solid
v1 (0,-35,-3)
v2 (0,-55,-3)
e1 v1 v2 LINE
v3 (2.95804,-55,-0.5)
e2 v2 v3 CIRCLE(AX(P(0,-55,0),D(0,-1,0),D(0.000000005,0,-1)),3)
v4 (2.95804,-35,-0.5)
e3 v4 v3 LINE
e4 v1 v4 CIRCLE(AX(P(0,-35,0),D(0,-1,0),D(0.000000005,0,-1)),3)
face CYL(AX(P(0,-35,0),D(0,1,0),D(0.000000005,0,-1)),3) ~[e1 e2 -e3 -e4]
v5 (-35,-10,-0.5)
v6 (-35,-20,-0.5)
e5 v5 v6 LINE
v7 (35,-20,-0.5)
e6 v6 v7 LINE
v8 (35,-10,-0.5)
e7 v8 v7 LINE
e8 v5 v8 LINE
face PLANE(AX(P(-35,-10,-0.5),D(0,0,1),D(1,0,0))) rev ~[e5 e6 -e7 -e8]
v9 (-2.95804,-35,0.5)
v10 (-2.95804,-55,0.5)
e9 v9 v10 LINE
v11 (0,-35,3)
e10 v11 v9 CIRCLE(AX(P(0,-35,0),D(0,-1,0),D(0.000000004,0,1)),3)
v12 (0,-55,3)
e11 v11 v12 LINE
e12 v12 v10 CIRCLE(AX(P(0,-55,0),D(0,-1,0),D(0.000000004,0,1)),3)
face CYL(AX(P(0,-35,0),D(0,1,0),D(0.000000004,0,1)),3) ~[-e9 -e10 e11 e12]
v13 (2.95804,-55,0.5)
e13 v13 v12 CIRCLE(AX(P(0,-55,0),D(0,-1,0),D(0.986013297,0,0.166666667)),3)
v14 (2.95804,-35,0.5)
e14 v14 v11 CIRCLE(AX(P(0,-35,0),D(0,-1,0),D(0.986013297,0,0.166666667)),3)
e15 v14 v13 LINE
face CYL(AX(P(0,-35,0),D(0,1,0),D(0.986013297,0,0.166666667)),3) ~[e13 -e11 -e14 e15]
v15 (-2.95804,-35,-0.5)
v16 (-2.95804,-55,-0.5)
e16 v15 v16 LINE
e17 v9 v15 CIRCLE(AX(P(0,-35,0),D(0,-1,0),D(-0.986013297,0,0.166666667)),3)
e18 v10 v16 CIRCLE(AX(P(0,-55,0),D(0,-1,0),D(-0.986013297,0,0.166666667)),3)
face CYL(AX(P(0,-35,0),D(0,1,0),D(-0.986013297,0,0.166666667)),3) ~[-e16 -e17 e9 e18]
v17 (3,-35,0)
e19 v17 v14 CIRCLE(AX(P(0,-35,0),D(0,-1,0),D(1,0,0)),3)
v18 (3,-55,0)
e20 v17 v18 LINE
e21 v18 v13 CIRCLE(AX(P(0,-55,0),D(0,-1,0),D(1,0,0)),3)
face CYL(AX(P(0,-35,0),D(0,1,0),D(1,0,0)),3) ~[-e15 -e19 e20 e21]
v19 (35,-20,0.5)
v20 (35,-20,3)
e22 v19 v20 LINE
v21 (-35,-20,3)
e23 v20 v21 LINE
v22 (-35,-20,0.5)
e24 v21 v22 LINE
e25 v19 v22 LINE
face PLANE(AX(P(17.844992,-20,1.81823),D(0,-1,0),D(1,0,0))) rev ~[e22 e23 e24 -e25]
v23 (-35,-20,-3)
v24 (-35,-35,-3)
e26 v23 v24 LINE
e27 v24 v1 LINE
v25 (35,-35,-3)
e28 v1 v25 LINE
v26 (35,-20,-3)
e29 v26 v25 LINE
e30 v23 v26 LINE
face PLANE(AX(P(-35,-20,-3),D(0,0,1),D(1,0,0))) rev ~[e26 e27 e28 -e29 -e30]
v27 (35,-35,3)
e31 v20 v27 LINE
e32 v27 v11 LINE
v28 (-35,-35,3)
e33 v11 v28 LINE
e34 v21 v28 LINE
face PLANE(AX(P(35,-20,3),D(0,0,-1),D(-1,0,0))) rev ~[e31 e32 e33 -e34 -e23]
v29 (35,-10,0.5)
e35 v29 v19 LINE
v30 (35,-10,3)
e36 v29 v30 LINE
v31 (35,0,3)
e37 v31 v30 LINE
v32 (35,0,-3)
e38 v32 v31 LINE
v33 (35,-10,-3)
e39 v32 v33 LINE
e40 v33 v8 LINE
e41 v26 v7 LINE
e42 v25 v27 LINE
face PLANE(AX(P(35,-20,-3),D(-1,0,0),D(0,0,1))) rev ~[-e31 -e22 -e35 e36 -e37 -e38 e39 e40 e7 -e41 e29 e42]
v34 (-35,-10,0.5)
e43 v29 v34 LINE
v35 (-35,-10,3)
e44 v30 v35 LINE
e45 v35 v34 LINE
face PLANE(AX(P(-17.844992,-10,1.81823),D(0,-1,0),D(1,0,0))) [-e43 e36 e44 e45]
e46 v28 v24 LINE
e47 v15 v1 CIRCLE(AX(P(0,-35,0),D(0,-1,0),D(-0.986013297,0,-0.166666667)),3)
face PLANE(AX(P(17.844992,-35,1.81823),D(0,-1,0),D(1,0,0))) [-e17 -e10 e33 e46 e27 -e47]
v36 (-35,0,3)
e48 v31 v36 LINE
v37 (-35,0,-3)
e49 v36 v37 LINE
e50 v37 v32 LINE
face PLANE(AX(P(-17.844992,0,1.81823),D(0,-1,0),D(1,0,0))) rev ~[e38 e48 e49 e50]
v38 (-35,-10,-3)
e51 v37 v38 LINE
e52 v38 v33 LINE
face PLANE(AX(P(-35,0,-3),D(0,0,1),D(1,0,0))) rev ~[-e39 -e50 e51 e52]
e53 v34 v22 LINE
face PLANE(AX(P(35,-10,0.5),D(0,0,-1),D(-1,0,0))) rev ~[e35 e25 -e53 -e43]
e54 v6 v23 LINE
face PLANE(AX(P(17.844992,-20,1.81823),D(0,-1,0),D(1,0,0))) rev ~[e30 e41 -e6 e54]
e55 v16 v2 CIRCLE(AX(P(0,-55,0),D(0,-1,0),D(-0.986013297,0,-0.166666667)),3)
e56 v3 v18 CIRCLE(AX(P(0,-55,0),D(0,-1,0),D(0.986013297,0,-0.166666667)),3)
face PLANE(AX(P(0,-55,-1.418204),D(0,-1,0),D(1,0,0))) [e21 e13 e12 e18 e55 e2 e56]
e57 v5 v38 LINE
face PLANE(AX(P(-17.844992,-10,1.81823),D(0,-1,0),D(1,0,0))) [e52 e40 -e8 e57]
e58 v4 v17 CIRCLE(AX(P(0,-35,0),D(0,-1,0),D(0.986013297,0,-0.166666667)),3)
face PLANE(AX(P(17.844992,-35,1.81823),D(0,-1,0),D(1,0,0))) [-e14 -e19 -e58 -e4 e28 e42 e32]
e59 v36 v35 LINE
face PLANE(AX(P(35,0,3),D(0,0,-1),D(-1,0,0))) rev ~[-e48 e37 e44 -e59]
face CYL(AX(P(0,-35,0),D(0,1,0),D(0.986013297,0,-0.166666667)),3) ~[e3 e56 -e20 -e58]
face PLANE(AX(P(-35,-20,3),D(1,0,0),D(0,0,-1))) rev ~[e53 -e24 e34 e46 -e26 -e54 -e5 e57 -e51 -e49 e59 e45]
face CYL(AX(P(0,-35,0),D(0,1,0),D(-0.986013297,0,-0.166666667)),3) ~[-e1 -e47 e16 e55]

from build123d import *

# Parameters (mm, degrees)
F1_DEPTH = 10
F2_START = 10
F2_DEPTH = 10
F3_START = 20
F3_DEPTH = 15
F4_START = 35
F4_DEPTH = 20


with BuildPart() as f1:
    # F0 (on Front) → F1 (new body)
    with BuildSketch(Plane.XZ):
        with BuildLine():
            Line((1.12e-08, 3), (-35, 3))
            Line((-35, 3), (-35, 0.5))
            Line((-35, 0.5), (-2.9580398915, 0.5))
            ThreePointArc((-2.9580398915, 0.5), (-1.9364916688, 2.2912878511), (1.12e-08, 3))
        make_face()
        with BuildLine():
            Line((-2.9580398915, 0.5), (-35, 0.5))
            Line((-35, 0.5), (-35, -0.5))
            Line((-35, -0.5), (-2.9580398915, -0.5))
            ThreePointArc((-2.9580398915, -0.5), (-3, 0), (-2.9580398915, 0.5))
        make_face()
        with BuildLine():
            Line((-2.9580398915, -0.5), (-35, -0.5))
            Line((-35, -0.5), (-35, -3))
            Line((-35, -3), (1.44e-08, -3))
            ThreePointArc((1.44e-08, -3), (-1.9364916676, -2.2912878521), (-2.9580398915, -0.5))
        make_face()
        with BuildLine():
            Line((2.9580398915, -0.5), (-2.9580398915, -0.5))
            ThreePointArc((-2.9580398915, -0.5), (-1.9364916676, -2.2912878521), (1.44e-08, -3))
            ThreePointArc((1.44e-08, -3), (1.9364916786, -2.2912878428), (2.9580398915, -0.5))
        make_face()
        with BuildLine():
            ThreePointArc((2.9580398915, 0.5), (1.9364916774, 2.2912878439), (1.12e-08, 3))
            ThreePointArc((1.12e-08, 3), (-1.9364916688, 2.2912878511), (-2.9580398915, 0.5))
            Line((-2.9580398915, 0.5), (2.9580398915, 0.5))
        make_face()
        with BuildLine():
            Line((35, 3), (1.12e-08, 3))
            ThreePointArc((1.12e-08, 3), (1.9364916774, 2.2912878439), (2.9580398915, 0.5))
            Line((2.9580398915, 0.5), (35, 0.5))
            Line((35, 0.5), (35, 3))
        make_face()
        with BuildLine():
            Line((35, 0.5), (2.9580398915, 0.5))
            ThreePointArc((2.9580398915, 0.5), (2.9894915684, 0.2508787808), (3, 0))
            ThreePointArc((3, 0), (2.9894915684, -0.2508787808), (2.9580398915, -0.5))
            Line((2.9580398915, -0.5), (35, -0.5))
            Line((35, -0.5), (35, 0.5))
        make_face()
        with BuildLine():
            Line((35, -3), (35, -0.5))
            Line((35, -0.5), (2.9580398915, -0.5))
            ThreePointArc((2.9580398915, -0.5), (1.9364916786, -2.2912878428), (1.44e-08, -3))
            Line((1.44e-08, -3), (35, -3))
        make_face()
        with BuildLine():
            ThreePointArc((3, 0), (2.9894915684, 0.2508787808), (2.9580398915, 0.5))
            Line((2.9580398915, 0.5), (-2.9580398915, 0.5))
            ThreePointArc((-2.9580398915, 0.5), (-3, 0), (-2.9580398915, -0.5))
            Line((-2.9580398915, -0.5), (2.9580398915, -0.5))
            ThreePointArc((2.9580398915, -0.5), (2.9894915684, -0.2508787808), (3, 0))
        make_face()
    extrude(amount=F1_DEPTH)

    # F0 (on Front) → F2 (join)
    with BuildSketch(Plane.XZ.offset(F2_START)):
        with BuildLine():
            Line((-2.9580398915, 0.5), (-35, 0.5))
            Line((-35, 0.5), (-35, -0.5))
            Line((-35, -0.5), (-2.9580398915, -0.5))
            ThreePointArc((-2.9580398915, -0.5), (-3, 0), (-2.9580398915, 0.5))
        make_face()
        with BuildLine():
            ThreePointArc((3, 0), (2.9894915684, 0.2508787808), (2.9580398915, 0.5))
            Line((2.9580398915, 0.5), (-2.9580398915, 0.5))
            ThreePointArc((-2.9580398915, 0.5), (-3, 0), (-2.9580398915, -0.5))
            Line((-2.9580398915, -0.5), (2.9580398915, -0.5))
            ThreePointArc((2.9580398915, -0.5), (2.9894915684, -0.2508787808), (3, 0))
        make_face()
        with BuildLine():
            Line((35, 0.5), (2.9580398915, 0.5))
            ThreePointArc((2.9580398915, 0.5), (2.9894915684, 0.2508787808), (3, 0))
            ThreePointArc((3, 0), (2.9894915684, -0.2508787808), (2.9580398915, -0.5))
            Line((2.9580398915, -0.5), (35, -0.5))
            Line((35, -0.5), (35, 0.5))
        make_face()
    extrude(amount=F2_DEPTH)

    # F0 (on Front) → F3 (join)
    with BuildSketch(Plane.XZ.offset(F3_START)):
        with BuildLine():
            Line((35, 3), (1.12e-08, 3))
            ThreePointArc((1.12e-08, 3), (1.9364916774, 2.2912878439), (2.9580398915, 0.5))
            Line((2.9580398915, 0.5), (35, 0.5))
            Line((35, 0.5), (35, 3))
        make_face()
        with BuildLine():
            Line((35, 0.5), (2.9580398915, 0.5))
            ThreePointArc((2.9580398915, 0.5), (2.9894915684, 0.2508787808), (3, 0))
            ThreePointArc((3, 0), (2.9894915684, -0.2508787808), (2.9580398915, -0.5))
            Line((2.9580398915, -0.5), (35, -0.5))
            Line((35, -0.5), (35, 0.5))
        make_face()
        with BuildLine():
            Line((35, -3), (35, -0.5))
            Line((35, -0.5), (2.9580398915, -0.5))
            ThreePointArc((2.9580398915, -0.5), (1.9364916786, -2.2912878428), (1.44e-08, -3))
            Line((1.44e-08, -3), (35, -3))
        make_face()
        with BuildLine():
            Line((-2.9580398915, -0.5), (-35, -0.5))
            Line((-35, -0.5), (-35, -3))
            Line((-35, -3), (1.44e-08, -3))
            ThreePointArc((1.44e-08, -3), (-1.9364916676, -2.2912878521), (-2.9580398915, -0.5))
        make_face()
        with BuildLine():
            Line((1.12e-08, 3), (-35, 3))
            Line((-35, 3), (-35, 0.5))
            Line((-35, 0.5), (-2.9580398915, 0.5))
            ThreePointArc((-2.9580398915, 0.5), (-1.9364916688, 2.2912878511), (1.12e-08, 3))
        make_face()
        with BuildLine():
            Line((-2.9580398915, 0.5), (-35, 0.5))
            Line((-35, 0.5), (-35, -0.5))
            Line((-35, -0.5), (-2.9580398915, -0.5))
            ThreePointArc((-2.9580398915, -0.5), (-3, 0), (-2.9580398915, 0.5))
        make_face()
        with BuildLine():
            ThreePointArc((2.9580398915, 0.5), (1.9364916774, 2.2912878439), (1.12e-08, 3))
            ThreePointArc((1.12e-08, 3), (-1.9364916688, 2.2912878511), (-2.9580398915, 0.5))
            Line((-2.9580398915, 0.5), (2.9580398915, 0.5))
        make_face()
        with BuildLine():
            ThreePointArc((3, 0), (2.9894915684, 0.2508787808), (2.9580398915, 0.5))
            Line((2.9580398915, 0.5), (-2.9580398915, 0.5))
            ThreePointArc((-2.9580398915, 0.5), (-3, 0), (-2.9580398915, -0.5))
            Line((-2.9580398915, -0.5), (2.9580398915, -0.5))
            ThreePointArc((2.9580398915, -0.5), (2.9894915684, -0.2508787808), (3, 0))
        make_face()
        with BuildLine():
            Line((2.9580398915, -0.5), (-2.9580398915, -0.5))
            ThreePointArc((-2.9580398915, -0.5), (-1.9364916676, -2.2912878521), (1.44e-08, -3))
            ThreePointArc((1.44e-08, -3), (1.9364916786, -2.2912878428), (2.9580398915, -0.5))
        make_face()
    extrude(amount=F3_DEPTH)

    # F0 (on Front) → F4 (join)
    with BuildSketch(Plane.XZ.offset(F4_START)):
        with BuildLine():
            Line((2.9580398915, -0.5), (-2.9580398915, -0.5))
            ThreePointArc((-2.9580398915, -0.5), (-1.9364916676, -2.2912878521), (1.44e-08, -3))
            ThreePointArc((1.44e-08, -3), (1.9364916786, -2.2912878428), (2.9580398915, -0.5))
        make_face()
        with BuildLine():
            ThreePointArc((3, 0), (2.9894915684, 0.2508787808), (2.9580398915, 0.5))
            Line((2.9580398915, 0.5), (-2.9580398915, 0.5))
            ThreePointArc((-2.9580398915, 0.5), (-3, 0), (-2.9580398915, -0.5))
            Line((-2.9580398915, -0.5), (2.9580398915, -0.5))
            ThreePointArc((2.9580398915, -0.5), (2.9894915684, -0.2508787808), (3, 0))
        make_face()
        with BuildLine():
            ThreePointArc((2.9580398915, 0.5), (1.9364916774, 2.2912878439), (1.12e-08, 3))
            ThreePointArc((1.12e-08, 3), (-1.9364916688, 2.2912878511), (-2.9580398915, 0.5))
            Line((-2.9580398915, 0.5), (2.9580398915, 0.5))
        make_face()
    extrude(amount=F4_DEPTH)


solid = f1.part
